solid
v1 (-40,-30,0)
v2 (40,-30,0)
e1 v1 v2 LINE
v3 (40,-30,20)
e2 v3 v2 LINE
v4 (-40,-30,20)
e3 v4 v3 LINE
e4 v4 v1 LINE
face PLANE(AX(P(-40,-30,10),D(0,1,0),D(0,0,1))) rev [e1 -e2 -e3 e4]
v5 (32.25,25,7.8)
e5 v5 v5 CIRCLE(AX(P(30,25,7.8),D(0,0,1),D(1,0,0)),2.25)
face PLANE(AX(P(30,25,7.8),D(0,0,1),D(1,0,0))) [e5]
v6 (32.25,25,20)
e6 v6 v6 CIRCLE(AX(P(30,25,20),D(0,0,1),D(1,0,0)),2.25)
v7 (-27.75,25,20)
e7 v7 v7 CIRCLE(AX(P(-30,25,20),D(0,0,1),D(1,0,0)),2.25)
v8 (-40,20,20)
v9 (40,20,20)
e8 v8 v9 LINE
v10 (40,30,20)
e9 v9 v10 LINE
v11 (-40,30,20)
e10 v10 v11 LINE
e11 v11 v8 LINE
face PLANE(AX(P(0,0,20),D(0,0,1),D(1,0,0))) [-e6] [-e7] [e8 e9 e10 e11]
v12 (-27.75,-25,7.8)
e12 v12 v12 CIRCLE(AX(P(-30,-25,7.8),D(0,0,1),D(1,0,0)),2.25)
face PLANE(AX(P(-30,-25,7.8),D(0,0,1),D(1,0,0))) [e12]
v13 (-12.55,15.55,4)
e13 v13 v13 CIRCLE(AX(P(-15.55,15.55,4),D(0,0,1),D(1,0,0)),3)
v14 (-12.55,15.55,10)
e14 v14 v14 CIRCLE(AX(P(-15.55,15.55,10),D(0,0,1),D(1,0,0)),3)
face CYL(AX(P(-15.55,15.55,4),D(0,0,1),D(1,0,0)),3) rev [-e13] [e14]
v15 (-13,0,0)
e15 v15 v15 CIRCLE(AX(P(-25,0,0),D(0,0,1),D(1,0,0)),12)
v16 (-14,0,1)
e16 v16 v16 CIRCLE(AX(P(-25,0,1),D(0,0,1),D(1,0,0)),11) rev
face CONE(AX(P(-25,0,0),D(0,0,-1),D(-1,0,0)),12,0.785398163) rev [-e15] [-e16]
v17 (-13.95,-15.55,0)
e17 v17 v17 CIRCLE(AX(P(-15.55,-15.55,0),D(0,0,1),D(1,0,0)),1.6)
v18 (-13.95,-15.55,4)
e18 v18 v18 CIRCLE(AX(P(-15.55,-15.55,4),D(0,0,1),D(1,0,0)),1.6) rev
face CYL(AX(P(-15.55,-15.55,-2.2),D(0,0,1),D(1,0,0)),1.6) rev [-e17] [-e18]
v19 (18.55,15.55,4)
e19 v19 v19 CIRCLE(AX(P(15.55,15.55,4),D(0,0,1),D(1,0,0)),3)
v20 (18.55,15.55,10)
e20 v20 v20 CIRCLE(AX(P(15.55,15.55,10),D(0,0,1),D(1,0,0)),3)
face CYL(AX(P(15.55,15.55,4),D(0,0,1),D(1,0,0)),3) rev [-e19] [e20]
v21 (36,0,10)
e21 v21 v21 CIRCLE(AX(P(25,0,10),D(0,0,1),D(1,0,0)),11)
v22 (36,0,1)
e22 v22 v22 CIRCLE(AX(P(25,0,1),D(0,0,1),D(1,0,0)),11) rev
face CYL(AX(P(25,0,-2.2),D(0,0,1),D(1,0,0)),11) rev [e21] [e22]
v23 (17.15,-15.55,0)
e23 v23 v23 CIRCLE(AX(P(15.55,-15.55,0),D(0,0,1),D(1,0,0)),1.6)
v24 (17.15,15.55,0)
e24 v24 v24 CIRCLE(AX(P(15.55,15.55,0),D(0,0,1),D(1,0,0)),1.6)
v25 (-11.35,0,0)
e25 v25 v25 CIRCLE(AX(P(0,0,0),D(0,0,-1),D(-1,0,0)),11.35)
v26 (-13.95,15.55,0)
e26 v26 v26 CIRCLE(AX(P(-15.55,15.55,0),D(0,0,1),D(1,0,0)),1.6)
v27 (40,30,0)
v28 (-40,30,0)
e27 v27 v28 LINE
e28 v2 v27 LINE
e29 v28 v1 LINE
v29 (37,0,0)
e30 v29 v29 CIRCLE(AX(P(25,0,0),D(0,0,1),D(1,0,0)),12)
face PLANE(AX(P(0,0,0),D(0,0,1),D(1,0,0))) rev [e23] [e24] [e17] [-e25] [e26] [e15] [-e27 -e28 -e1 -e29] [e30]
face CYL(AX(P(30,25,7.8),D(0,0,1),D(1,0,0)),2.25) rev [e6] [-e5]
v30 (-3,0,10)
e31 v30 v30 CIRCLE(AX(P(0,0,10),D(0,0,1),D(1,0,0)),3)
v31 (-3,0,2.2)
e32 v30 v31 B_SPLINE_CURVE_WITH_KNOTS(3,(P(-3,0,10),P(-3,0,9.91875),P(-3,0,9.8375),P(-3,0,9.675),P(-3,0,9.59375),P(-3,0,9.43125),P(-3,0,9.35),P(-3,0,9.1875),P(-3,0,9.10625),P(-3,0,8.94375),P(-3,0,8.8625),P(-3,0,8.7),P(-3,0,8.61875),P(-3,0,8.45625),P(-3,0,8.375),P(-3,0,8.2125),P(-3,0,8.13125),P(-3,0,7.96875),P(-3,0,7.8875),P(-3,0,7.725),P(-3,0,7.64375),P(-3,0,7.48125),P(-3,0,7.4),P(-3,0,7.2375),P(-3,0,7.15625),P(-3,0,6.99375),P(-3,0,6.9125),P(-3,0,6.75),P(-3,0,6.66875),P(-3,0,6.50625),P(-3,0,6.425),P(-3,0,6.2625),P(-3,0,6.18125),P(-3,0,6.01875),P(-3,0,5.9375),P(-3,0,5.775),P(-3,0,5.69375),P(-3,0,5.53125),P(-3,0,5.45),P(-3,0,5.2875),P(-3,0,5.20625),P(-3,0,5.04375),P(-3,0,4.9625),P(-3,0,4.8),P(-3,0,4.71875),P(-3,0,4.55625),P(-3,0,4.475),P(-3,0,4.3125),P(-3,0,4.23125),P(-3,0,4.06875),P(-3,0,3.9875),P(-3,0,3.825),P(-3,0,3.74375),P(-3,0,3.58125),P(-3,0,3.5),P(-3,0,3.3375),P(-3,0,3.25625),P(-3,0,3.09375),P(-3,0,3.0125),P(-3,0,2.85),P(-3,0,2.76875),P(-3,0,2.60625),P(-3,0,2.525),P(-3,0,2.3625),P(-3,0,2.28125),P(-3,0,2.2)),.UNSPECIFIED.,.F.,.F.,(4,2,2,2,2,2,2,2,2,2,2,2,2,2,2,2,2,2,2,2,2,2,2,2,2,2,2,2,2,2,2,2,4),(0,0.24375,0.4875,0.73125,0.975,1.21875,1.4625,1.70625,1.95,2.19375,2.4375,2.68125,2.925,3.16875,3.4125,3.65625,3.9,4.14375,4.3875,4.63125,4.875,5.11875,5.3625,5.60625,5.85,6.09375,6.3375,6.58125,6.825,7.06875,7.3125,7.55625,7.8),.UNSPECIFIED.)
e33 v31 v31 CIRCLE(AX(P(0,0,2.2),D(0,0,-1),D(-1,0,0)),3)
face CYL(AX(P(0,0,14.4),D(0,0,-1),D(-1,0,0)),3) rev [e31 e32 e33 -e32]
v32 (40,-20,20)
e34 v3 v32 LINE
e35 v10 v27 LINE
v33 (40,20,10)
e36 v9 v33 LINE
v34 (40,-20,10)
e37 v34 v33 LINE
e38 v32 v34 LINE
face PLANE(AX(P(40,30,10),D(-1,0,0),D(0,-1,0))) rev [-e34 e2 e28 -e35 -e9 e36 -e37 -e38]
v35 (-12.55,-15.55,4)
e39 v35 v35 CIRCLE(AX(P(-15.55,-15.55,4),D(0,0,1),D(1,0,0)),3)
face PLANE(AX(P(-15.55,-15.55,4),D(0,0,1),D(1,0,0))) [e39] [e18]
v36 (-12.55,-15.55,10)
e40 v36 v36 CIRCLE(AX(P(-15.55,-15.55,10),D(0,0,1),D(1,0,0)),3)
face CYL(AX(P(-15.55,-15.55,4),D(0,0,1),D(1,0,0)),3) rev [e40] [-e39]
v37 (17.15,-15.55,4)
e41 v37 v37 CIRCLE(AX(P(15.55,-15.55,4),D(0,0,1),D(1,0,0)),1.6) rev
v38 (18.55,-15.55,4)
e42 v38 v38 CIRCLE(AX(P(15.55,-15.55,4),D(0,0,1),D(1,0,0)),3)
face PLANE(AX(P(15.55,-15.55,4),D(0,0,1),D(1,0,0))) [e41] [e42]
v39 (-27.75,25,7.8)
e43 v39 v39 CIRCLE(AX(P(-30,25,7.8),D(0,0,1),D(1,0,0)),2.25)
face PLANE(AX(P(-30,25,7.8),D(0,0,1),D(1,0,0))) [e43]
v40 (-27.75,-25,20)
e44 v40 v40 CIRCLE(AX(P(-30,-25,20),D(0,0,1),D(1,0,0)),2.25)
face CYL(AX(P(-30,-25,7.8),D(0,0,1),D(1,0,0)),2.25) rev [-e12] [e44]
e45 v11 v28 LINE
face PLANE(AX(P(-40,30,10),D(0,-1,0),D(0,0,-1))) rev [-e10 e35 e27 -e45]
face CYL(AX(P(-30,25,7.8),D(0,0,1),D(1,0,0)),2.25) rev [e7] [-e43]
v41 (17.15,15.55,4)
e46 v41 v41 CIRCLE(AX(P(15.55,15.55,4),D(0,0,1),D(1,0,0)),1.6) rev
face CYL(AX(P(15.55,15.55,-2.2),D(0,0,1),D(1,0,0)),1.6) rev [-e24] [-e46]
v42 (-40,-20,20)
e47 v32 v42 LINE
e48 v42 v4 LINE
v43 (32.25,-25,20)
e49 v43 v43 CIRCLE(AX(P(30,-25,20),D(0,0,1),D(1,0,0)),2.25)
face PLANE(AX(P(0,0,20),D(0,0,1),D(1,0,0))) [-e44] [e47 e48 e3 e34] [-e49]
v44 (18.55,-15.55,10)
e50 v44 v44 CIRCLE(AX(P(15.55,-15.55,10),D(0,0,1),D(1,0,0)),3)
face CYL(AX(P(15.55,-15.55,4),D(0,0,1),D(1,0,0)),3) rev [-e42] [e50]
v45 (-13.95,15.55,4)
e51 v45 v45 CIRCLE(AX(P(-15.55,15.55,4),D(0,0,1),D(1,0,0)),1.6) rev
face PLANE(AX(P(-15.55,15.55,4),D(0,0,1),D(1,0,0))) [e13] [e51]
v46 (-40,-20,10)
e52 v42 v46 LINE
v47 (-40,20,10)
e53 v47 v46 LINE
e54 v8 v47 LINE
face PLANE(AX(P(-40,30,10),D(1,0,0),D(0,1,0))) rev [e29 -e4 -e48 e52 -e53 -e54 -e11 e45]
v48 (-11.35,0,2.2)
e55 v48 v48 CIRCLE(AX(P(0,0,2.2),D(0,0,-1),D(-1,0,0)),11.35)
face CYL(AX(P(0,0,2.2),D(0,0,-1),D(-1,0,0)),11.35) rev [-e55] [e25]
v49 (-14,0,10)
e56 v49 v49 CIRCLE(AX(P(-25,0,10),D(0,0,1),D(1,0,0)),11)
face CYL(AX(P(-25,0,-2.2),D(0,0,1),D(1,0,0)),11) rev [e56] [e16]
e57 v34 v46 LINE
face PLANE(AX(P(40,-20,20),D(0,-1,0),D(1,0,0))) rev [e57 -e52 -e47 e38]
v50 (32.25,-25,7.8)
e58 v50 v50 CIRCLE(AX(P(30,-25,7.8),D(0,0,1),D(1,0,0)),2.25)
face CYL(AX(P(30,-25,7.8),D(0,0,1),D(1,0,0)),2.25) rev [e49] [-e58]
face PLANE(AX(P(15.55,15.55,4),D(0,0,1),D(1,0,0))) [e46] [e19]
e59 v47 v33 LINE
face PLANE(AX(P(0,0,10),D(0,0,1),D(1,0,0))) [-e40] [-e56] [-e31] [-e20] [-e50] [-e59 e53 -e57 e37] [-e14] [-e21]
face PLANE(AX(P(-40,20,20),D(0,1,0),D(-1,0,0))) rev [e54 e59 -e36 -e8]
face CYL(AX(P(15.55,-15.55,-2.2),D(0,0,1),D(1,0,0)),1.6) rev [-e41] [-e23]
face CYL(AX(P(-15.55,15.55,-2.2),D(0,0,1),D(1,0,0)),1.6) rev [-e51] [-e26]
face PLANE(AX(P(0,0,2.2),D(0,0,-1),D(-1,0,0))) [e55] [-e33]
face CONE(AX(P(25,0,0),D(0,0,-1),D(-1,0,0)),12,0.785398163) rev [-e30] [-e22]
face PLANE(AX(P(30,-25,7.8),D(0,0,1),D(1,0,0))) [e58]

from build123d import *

# Parameters (mm, degrees)
SKIZZE1_W                       = 80
SKIZZE1_H                       = 60
AUFSATZ_LINEAR_AUSTRAGEN1_DEPTH = 10
SKIZZE2_W                       = 80
SKIZZE2_H                       = 10
AUFSATZ_LINEAR_AUSTRAGEN2_DEPTH = 10
SKIZZE3_R                       = 11.35
SCHNITT_LINEAR_AUSTRAGEN1_DEPTH = 2.2
SKIZZE4_R                       = 3
SCHNITT_LINEAR_AUSTRAGEN2_DEPTH = 12.2
SKIZZE5_R                       = 2.25
SCHNITT_LINEAR_AUSTRAGEN3_DEPTH = 12.2
SKIZZE6_R                       = 11
SCHNITT_LINEAR_AUSTRAGEN4_DEPTH = 12.2
SKIZZE7_R                       = 1.6
SCHNITT_LINEAR_AUSTRAGEN5_DEPTH = 12.2
SKIZZE8_R                       = 3
SCHNITT_LINEAR_AUSTRAGEN6_DEPTH = 6
FASE1_SIZE                      = 1


with BuildPart() as part:
    # Skizze1 → Aufsatz-Linear austragen1 (new body)
    with BuildSketch(Plane.XY):
        Rectangle(SKIZZE1_W, SKIZZE1_H)
    extrude(amount=AUFSATZ_LINEAR_AUSTRAGEN1_DEPTH)

    # Skizze2 → Aufsatz-Linear austragen2 (add)
    with BuildSketch(Plane.XY.offset(10)):
        with Locations((0, 25)):
            Rectangle(SKIZZE2_W, SKIZZE2_H)
        with Locations((0, -25)):
            Rectangle(SKIZZE2_W, SKIZZE2_H)
    extrude(amount=AUFSATZ_LINEAR_AUSTRAGEN2_DEPTH)

    # Skizze3 → Schnitt-Linear austragen1 (cut)
    with BuildSketch(Plane(origin=(0, 0, 0), x_dir=(-1, 0, 0), z_dir=(0, 0, -1))):
        Circle(SKIZZE3_R)
    extrude(amount=-SCHNITT_LINEAR_AUSTRAGEN1_DEPTH, mode=Mode.SUBTRACT)

    # Skizze4 → Schnitt-Linear austragen2 (cut)
    with BuildSketch(Plane(origin=(0, 0, 2.2), x_dir=(-1, 0, 0), z_dir=(0, 0, -1))):
        Circle(SKIZZE4_R)
    extrude(amount=-SCHNITT_LINEAR_AUSTRAGEN2_DEPTH, mode=Mode.SUBTRACT)

    # Skizze5 → Schnitt-Linear austragen3 (cut)
    with BuildSketch(Plane.XY.offset(20)):
        with Locations((30, 25)):
            Circle(SKIZZE5_R)
        with Locations((-30, 25)):
            Circle(SKIZZE5_R)
        with Locations((-30, -25)):
            Circle(SKIZZE5_R)
        with Locations((30, -25)):
            Circle(SKIZZE5_R)
    extrude(amount=-SCHNITT_LINEAR_AUSTRAGEN3_DEPTH, mode=Mode.SUBTRACT)

    # Skizze6 → Schnitt-Linear austragen4 (cut)
    with BuildSketch(Plane.XY.offset(10)):
        with Locations((-25, 0)):
            Circle(SKIZZE6_R)
        with Locations((25, 0)):
            Circle(SKIZZE6_R)
    extrude(amount=-SCHNITT_LINEAR_AUSTRAGEN4_DEPTH, mode=Mode.SUBTRACT)

    # Skizze7 → Schnitt-Linear austragen5 (cut)
    with BuildSketch(Plane.XY.offset(10)):
        with Locations((-15.55, 15.55)):
            Circle(SKIZZE7_R)
        with Locations((15.55, 15.55)):
            Circle(SKIZZE7_R)
        with Locations((15.55, -15.55)):
            Circle(SKIZZE7_R)
        with Locations((-15.55, -15.55)):
            Circle(SKIZZE7_R)
    extrude(amount=-SCHNITT_LINEAR_AUSTRAGEN5_DEPTH, mode=Mode.SUBTRACT)

    # Skizze8 → Schnitt-Linear austragen6 (cut)
    with BuildSketch(Plane.XY.offset(10)):
        with Locations((-15.55, 15.55)):
            Circle(SKIZZE8_R)
        with Locations((15.55, 15.55)):
            Circle(SKIZZE8_R)
        with Locations((-15.55, -15.55)):
            Circle(SKIZZE8_R)
        with Locations((15.55, -15.55)):
            Circle(SKIZZE8_R)
    extrude(amount=-SCHNITT_LINEAR_AUSTRAGEN6_DEPTH, mode=Mode.SUBTRACT)

    # Fase1
    fase1_edges = [part.edges().sort_by_distance(p)[0] for p in [
        (-36, 0, 0),
        (14, 0, 0),
    ]]
    chamfer(fase1_edges, length=FASE1_SIZE)


solid = part.part
